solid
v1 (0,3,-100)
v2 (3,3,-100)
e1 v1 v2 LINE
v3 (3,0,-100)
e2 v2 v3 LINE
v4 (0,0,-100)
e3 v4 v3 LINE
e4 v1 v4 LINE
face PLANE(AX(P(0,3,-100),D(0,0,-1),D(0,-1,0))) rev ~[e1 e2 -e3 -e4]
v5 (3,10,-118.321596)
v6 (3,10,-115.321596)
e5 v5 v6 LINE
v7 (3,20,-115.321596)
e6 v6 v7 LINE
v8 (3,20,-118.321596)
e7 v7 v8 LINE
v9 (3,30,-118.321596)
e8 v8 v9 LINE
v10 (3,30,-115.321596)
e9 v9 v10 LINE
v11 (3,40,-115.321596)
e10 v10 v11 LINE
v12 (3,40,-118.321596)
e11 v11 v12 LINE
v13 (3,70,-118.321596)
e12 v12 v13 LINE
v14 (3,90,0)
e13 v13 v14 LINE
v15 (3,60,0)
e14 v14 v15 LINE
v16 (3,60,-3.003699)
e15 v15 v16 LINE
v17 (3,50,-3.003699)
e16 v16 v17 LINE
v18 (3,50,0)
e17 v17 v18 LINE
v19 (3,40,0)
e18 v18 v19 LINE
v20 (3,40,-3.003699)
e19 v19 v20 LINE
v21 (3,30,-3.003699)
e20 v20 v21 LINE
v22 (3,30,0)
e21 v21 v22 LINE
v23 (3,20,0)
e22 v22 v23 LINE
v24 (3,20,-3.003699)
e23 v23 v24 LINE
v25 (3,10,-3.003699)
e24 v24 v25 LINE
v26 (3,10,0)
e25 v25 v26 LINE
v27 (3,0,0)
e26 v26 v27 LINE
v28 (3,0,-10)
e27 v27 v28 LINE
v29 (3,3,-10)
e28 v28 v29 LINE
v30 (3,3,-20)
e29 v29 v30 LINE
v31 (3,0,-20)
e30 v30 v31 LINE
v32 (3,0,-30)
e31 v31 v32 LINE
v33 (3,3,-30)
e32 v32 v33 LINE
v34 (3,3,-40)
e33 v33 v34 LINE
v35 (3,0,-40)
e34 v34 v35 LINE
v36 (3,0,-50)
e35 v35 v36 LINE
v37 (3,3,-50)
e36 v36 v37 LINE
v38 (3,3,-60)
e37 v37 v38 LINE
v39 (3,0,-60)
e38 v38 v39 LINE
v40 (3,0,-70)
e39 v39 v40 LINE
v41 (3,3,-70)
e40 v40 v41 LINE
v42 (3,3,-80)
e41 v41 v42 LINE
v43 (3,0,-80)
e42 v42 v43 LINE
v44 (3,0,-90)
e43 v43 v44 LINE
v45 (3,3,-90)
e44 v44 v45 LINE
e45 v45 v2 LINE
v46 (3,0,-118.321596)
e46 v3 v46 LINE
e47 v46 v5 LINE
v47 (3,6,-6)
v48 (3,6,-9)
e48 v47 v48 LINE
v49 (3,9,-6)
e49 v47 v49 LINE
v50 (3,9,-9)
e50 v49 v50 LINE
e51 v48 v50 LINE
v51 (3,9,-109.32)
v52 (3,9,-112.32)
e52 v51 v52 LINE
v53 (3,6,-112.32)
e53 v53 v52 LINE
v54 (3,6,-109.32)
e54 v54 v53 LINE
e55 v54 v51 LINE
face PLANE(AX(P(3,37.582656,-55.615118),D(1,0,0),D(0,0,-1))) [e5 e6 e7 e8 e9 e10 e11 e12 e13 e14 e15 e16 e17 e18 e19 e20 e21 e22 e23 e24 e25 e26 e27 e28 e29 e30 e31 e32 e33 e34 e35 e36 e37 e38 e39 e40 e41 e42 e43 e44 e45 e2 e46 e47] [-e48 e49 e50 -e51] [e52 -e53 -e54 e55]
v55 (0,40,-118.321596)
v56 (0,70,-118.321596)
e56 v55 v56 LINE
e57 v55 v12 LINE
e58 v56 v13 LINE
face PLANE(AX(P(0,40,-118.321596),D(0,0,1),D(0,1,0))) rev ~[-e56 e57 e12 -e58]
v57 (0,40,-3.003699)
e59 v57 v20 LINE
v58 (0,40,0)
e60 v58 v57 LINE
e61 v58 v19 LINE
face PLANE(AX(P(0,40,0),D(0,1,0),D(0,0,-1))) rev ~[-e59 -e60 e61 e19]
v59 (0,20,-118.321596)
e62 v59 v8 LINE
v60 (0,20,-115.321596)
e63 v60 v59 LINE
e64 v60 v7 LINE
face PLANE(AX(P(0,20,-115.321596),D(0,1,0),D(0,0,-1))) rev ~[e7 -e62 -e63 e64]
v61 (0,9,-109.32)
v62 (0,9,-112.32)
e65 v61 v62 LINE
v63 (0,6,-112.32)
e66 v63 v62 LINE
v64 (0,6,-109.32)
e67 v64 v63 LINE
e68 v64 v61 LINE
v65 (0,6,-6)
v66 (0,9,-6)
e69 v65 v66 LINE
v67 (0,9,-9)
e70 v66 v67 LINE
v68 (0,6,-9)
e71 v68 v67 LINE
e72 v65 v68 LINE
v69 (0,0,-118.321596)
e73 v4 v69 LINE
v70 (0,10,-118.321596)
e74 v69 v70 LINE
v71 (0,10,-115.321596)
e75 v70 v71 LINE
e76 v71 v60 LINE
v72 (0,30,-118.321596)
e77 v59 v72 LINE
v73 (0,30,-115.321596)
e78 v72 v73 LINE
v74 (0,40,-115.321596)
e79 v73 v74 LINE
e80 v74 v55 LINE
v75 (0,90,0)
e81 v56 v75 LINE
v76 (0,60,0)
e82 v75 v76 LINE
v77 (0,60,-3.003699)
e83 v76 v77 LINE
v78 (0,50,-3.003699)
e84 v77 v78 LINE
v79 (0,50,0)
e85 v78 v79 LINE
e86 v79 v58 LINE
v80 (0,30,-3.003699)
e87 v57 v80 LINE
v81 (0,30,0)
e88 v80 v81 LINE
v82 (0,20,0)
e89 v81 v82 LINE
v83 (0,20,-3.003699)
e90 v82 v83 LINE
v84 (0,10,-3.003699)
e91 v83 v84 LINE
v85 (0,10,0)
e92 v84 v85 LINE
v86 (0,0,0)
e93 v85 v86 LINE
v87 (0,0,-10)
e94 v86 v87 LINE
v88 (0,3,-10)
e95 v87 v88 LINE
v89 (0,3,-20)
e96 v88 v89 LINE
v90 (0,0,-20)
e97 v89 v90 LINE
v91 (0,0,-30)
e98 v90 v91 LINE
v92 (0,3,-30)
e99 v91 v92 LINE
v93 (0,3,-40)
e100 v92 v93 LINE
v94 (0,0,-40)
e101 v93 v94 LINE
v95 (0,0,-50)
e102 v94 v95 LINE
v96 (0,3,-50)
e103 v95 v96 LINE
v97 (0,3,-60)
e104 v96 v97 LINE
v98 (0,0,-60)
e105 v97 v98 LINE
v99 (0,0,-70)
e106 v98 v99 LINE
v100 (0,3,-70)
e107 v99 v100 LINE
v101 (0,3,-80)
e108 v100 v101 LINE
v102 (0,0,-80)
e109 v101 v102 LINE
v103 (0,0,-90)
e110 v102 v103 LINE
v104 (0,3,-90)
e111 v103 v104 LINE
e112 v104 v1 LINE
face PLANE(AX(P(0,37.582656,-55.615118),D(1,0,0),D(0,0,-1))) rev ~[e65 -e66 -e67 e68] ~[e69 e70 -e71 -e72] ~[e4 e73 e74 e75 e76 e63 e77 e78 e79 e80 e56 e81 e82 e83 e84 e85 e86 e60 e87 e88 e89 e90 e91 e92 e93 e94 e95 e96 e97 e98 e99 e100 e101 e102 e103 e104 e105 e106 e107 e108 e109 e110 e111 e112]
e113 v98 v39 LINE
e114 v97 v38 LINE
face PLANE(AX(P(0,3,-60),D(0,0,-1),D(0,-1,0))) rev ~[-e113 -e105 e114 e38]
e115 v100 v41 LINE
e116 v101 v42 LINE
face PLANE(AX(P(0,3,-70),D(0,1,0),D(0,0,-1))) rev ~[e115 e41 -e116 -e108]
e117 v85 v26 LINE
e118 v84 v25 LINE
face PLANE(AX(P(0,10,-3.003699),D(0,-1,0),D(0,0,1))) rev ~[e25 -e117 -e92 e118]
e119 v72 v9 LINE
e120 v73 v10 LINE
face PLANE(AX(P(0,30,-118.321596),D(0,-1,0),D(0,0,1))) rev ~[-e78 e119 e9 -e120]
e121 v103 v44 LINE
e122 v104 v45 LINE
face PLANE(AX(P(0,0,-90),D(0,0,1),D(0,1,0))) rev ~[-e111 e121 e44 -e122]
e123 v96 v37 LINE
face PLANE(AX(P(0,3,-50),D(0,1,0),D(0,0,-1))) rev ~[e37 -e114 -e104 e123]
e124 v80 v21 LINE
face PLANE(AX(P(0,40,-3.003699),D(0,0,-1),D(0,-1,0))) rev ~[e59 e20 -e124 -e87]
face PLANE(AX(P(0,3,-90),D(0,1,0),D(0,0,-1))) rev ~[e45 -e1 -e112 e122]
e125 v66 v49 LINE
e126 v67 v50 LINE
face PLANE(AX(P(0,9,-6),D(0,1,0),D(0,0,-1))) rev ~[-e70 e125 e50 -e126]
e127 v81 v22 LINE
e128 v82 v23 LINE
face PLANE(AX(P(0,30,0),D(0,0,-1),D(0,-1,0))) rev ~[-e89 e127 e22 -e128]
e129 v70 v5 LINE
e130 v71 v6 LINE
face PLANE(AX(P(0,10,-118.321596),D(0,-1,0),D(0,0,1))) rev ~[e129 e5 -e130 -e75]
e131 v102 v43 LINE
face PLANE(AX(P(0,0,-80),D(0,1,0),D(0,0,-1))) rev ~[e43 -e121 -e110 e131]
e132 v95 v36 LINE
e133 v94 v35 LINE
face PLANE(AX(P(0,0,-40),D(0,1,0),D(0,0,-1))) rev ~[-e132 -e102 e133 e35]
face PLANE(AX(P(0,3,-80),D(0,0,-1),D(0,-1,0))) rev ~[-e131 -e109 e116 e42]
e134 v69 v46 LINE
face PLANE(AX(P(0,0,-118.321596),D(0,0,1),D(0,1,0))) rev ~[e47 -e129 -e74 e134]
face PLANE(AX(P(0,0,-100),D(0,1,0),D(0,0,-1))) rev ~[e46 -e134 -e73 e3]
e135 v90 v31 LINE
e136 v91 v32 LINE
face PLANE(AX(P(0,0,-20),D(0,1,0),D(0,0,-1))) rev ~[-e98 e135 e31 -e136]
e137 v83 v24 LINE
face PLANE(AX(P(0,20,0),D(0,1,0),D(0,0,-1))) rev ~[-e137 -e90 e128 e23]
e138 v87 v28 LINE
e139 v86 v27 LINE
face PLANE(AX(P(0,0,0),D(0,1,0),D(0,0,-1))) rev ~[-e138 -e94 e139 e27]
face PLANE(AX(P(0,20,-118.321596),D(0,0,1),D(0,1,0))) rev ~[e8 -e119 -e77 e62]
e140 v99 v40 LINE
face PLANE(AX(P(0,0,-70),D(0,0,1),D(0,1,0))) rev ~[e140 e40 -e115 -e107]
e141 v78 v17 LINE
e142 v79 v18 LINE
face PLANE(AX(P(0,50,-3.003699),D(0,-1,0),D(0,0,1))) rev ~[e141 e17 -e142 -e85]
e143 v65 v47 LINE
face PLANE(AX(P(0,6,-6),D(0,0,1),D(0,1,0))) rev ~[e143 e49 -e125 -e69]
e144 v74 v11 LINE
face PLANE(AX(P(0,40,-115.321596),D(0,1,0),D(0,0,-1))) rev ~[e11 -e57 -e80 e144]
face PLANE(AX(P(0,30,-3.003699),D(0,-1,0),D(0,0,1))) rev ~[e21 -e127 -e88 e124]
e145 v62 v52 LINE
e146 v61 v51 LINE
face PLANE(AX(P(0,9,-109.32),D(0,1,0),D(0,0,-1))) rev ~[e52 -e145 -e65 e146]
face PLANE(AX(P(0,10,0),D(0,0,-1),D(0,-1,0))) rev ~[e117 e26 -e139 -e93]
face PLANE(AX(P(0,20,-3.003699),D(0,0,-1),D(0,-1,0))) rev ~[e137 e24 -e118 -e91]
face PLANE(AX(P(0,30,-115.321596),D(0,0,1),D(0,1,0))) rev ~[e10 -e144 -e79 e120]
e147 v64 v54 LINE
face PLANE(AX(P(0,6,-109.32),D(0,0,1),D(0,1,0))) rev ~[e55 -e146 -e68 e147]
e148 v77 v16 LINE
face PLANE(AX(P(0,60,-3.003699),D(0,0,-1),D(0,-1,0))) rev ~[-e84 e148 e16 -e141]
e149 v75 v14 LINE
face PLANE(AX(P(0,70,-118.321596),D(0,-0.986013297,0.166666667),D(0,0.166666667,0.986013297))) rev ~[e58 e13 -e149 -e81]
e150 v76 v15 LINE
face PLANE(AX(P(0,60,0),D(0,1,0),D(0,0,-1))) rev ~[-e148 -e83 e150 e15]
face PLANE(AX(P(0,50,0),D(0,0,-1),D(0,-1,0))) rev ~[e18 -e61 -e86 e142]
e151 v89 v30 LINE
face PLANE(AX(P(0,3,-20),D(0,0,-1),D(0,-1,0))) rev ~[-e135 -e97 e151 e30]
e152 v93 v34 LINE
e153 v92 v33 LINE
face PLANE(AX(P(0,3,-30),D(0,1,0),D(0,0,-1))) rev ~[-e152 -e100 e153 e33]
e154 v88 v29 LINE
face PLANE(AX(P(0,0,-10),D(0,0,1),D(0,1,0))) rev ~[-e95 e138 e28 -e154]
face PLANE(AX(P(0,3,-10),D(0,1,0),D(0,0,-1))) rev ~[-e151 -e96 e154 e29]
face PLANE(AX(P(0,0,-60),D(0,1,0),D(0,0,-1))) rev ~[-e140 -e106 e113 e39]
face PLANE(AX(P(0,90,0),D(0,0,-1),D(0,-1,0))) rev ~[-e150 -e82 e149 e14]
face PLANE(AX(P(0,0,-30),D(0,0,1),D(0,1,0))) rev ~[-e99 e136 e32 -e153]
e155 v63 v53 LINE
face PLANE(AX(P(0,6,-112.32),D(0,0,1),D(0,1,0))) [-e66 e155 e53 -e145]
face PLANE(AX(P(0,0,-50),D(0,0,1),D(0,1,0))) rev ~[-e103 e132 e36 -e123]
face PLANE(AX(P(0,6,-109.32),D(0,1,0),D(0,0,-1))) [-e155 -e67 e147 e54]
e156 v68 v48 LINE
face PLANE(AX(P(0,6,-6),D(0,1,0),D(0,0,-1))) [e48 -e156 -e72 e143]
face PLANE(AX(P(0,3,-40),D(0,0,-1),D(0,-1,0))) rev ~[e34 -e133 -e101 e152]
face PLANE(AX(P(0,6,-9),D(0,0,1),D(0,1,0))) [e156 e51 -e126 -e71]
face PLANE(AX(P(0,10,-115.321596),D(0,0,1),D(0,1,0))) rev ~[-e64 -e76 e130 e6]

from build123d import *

# Parameters (mm, degrees)
SKETCH1_W           = 3
SKETCH1_H           = 3
BOSS_EXTRUDE1_DEPTH = 3


with BuildPart() as part:
    # Sketch1 → Boss-Extrude1 (new body)
    with BuildSketch(Plane(origin=(0, 0, 0), x_dir=(0, 0, -1), z_dir=(1, 0, 0))):
        Polygon((0, 0), (10, 0), (10, 3), (20, 3), (20, 0), (30, 0), (30, 3), (40, 3), (40, 0), (50, 0), (50, 3), (60, 3), (60, 0), (70, 0), (70, 3), (80, 3), (80, 0), (90, 0), (90, 3), (100, 3), (100, 0), (118.321595662, 0), (118.321595662, 10), (115.321595662, 10), (115.321595662, 20), (118.321595662, 20), (118.321595662, 30), (115.321595662, 30), (115.321595662, 40), (118.321595662, 40), (118.321595662, 70), (0, 90), (0, 60), (3.003699444, 60), (3.003699444, 50), (0, 50), (0, 40), (3.003699444, 40), (3.003699444, 30), (0, 30), (0, 20), (3.003699444, 20), (3.003699444, 10), (0, 10), align=None)
        with Locations((110.82, 7.5)):
            Rectangle(SKETCH1_W, SKETCH1_H, mode=Mode.SUBTRACT)
        with Locations((7.5, 7.5)):
            Rectangle(SKETCH1_W, SKETCH1_H, mode=Mode.SUBTRACT)
    extrude(amount=BOSS_EXTRUDE1_DEPTH)


solid = part.part
